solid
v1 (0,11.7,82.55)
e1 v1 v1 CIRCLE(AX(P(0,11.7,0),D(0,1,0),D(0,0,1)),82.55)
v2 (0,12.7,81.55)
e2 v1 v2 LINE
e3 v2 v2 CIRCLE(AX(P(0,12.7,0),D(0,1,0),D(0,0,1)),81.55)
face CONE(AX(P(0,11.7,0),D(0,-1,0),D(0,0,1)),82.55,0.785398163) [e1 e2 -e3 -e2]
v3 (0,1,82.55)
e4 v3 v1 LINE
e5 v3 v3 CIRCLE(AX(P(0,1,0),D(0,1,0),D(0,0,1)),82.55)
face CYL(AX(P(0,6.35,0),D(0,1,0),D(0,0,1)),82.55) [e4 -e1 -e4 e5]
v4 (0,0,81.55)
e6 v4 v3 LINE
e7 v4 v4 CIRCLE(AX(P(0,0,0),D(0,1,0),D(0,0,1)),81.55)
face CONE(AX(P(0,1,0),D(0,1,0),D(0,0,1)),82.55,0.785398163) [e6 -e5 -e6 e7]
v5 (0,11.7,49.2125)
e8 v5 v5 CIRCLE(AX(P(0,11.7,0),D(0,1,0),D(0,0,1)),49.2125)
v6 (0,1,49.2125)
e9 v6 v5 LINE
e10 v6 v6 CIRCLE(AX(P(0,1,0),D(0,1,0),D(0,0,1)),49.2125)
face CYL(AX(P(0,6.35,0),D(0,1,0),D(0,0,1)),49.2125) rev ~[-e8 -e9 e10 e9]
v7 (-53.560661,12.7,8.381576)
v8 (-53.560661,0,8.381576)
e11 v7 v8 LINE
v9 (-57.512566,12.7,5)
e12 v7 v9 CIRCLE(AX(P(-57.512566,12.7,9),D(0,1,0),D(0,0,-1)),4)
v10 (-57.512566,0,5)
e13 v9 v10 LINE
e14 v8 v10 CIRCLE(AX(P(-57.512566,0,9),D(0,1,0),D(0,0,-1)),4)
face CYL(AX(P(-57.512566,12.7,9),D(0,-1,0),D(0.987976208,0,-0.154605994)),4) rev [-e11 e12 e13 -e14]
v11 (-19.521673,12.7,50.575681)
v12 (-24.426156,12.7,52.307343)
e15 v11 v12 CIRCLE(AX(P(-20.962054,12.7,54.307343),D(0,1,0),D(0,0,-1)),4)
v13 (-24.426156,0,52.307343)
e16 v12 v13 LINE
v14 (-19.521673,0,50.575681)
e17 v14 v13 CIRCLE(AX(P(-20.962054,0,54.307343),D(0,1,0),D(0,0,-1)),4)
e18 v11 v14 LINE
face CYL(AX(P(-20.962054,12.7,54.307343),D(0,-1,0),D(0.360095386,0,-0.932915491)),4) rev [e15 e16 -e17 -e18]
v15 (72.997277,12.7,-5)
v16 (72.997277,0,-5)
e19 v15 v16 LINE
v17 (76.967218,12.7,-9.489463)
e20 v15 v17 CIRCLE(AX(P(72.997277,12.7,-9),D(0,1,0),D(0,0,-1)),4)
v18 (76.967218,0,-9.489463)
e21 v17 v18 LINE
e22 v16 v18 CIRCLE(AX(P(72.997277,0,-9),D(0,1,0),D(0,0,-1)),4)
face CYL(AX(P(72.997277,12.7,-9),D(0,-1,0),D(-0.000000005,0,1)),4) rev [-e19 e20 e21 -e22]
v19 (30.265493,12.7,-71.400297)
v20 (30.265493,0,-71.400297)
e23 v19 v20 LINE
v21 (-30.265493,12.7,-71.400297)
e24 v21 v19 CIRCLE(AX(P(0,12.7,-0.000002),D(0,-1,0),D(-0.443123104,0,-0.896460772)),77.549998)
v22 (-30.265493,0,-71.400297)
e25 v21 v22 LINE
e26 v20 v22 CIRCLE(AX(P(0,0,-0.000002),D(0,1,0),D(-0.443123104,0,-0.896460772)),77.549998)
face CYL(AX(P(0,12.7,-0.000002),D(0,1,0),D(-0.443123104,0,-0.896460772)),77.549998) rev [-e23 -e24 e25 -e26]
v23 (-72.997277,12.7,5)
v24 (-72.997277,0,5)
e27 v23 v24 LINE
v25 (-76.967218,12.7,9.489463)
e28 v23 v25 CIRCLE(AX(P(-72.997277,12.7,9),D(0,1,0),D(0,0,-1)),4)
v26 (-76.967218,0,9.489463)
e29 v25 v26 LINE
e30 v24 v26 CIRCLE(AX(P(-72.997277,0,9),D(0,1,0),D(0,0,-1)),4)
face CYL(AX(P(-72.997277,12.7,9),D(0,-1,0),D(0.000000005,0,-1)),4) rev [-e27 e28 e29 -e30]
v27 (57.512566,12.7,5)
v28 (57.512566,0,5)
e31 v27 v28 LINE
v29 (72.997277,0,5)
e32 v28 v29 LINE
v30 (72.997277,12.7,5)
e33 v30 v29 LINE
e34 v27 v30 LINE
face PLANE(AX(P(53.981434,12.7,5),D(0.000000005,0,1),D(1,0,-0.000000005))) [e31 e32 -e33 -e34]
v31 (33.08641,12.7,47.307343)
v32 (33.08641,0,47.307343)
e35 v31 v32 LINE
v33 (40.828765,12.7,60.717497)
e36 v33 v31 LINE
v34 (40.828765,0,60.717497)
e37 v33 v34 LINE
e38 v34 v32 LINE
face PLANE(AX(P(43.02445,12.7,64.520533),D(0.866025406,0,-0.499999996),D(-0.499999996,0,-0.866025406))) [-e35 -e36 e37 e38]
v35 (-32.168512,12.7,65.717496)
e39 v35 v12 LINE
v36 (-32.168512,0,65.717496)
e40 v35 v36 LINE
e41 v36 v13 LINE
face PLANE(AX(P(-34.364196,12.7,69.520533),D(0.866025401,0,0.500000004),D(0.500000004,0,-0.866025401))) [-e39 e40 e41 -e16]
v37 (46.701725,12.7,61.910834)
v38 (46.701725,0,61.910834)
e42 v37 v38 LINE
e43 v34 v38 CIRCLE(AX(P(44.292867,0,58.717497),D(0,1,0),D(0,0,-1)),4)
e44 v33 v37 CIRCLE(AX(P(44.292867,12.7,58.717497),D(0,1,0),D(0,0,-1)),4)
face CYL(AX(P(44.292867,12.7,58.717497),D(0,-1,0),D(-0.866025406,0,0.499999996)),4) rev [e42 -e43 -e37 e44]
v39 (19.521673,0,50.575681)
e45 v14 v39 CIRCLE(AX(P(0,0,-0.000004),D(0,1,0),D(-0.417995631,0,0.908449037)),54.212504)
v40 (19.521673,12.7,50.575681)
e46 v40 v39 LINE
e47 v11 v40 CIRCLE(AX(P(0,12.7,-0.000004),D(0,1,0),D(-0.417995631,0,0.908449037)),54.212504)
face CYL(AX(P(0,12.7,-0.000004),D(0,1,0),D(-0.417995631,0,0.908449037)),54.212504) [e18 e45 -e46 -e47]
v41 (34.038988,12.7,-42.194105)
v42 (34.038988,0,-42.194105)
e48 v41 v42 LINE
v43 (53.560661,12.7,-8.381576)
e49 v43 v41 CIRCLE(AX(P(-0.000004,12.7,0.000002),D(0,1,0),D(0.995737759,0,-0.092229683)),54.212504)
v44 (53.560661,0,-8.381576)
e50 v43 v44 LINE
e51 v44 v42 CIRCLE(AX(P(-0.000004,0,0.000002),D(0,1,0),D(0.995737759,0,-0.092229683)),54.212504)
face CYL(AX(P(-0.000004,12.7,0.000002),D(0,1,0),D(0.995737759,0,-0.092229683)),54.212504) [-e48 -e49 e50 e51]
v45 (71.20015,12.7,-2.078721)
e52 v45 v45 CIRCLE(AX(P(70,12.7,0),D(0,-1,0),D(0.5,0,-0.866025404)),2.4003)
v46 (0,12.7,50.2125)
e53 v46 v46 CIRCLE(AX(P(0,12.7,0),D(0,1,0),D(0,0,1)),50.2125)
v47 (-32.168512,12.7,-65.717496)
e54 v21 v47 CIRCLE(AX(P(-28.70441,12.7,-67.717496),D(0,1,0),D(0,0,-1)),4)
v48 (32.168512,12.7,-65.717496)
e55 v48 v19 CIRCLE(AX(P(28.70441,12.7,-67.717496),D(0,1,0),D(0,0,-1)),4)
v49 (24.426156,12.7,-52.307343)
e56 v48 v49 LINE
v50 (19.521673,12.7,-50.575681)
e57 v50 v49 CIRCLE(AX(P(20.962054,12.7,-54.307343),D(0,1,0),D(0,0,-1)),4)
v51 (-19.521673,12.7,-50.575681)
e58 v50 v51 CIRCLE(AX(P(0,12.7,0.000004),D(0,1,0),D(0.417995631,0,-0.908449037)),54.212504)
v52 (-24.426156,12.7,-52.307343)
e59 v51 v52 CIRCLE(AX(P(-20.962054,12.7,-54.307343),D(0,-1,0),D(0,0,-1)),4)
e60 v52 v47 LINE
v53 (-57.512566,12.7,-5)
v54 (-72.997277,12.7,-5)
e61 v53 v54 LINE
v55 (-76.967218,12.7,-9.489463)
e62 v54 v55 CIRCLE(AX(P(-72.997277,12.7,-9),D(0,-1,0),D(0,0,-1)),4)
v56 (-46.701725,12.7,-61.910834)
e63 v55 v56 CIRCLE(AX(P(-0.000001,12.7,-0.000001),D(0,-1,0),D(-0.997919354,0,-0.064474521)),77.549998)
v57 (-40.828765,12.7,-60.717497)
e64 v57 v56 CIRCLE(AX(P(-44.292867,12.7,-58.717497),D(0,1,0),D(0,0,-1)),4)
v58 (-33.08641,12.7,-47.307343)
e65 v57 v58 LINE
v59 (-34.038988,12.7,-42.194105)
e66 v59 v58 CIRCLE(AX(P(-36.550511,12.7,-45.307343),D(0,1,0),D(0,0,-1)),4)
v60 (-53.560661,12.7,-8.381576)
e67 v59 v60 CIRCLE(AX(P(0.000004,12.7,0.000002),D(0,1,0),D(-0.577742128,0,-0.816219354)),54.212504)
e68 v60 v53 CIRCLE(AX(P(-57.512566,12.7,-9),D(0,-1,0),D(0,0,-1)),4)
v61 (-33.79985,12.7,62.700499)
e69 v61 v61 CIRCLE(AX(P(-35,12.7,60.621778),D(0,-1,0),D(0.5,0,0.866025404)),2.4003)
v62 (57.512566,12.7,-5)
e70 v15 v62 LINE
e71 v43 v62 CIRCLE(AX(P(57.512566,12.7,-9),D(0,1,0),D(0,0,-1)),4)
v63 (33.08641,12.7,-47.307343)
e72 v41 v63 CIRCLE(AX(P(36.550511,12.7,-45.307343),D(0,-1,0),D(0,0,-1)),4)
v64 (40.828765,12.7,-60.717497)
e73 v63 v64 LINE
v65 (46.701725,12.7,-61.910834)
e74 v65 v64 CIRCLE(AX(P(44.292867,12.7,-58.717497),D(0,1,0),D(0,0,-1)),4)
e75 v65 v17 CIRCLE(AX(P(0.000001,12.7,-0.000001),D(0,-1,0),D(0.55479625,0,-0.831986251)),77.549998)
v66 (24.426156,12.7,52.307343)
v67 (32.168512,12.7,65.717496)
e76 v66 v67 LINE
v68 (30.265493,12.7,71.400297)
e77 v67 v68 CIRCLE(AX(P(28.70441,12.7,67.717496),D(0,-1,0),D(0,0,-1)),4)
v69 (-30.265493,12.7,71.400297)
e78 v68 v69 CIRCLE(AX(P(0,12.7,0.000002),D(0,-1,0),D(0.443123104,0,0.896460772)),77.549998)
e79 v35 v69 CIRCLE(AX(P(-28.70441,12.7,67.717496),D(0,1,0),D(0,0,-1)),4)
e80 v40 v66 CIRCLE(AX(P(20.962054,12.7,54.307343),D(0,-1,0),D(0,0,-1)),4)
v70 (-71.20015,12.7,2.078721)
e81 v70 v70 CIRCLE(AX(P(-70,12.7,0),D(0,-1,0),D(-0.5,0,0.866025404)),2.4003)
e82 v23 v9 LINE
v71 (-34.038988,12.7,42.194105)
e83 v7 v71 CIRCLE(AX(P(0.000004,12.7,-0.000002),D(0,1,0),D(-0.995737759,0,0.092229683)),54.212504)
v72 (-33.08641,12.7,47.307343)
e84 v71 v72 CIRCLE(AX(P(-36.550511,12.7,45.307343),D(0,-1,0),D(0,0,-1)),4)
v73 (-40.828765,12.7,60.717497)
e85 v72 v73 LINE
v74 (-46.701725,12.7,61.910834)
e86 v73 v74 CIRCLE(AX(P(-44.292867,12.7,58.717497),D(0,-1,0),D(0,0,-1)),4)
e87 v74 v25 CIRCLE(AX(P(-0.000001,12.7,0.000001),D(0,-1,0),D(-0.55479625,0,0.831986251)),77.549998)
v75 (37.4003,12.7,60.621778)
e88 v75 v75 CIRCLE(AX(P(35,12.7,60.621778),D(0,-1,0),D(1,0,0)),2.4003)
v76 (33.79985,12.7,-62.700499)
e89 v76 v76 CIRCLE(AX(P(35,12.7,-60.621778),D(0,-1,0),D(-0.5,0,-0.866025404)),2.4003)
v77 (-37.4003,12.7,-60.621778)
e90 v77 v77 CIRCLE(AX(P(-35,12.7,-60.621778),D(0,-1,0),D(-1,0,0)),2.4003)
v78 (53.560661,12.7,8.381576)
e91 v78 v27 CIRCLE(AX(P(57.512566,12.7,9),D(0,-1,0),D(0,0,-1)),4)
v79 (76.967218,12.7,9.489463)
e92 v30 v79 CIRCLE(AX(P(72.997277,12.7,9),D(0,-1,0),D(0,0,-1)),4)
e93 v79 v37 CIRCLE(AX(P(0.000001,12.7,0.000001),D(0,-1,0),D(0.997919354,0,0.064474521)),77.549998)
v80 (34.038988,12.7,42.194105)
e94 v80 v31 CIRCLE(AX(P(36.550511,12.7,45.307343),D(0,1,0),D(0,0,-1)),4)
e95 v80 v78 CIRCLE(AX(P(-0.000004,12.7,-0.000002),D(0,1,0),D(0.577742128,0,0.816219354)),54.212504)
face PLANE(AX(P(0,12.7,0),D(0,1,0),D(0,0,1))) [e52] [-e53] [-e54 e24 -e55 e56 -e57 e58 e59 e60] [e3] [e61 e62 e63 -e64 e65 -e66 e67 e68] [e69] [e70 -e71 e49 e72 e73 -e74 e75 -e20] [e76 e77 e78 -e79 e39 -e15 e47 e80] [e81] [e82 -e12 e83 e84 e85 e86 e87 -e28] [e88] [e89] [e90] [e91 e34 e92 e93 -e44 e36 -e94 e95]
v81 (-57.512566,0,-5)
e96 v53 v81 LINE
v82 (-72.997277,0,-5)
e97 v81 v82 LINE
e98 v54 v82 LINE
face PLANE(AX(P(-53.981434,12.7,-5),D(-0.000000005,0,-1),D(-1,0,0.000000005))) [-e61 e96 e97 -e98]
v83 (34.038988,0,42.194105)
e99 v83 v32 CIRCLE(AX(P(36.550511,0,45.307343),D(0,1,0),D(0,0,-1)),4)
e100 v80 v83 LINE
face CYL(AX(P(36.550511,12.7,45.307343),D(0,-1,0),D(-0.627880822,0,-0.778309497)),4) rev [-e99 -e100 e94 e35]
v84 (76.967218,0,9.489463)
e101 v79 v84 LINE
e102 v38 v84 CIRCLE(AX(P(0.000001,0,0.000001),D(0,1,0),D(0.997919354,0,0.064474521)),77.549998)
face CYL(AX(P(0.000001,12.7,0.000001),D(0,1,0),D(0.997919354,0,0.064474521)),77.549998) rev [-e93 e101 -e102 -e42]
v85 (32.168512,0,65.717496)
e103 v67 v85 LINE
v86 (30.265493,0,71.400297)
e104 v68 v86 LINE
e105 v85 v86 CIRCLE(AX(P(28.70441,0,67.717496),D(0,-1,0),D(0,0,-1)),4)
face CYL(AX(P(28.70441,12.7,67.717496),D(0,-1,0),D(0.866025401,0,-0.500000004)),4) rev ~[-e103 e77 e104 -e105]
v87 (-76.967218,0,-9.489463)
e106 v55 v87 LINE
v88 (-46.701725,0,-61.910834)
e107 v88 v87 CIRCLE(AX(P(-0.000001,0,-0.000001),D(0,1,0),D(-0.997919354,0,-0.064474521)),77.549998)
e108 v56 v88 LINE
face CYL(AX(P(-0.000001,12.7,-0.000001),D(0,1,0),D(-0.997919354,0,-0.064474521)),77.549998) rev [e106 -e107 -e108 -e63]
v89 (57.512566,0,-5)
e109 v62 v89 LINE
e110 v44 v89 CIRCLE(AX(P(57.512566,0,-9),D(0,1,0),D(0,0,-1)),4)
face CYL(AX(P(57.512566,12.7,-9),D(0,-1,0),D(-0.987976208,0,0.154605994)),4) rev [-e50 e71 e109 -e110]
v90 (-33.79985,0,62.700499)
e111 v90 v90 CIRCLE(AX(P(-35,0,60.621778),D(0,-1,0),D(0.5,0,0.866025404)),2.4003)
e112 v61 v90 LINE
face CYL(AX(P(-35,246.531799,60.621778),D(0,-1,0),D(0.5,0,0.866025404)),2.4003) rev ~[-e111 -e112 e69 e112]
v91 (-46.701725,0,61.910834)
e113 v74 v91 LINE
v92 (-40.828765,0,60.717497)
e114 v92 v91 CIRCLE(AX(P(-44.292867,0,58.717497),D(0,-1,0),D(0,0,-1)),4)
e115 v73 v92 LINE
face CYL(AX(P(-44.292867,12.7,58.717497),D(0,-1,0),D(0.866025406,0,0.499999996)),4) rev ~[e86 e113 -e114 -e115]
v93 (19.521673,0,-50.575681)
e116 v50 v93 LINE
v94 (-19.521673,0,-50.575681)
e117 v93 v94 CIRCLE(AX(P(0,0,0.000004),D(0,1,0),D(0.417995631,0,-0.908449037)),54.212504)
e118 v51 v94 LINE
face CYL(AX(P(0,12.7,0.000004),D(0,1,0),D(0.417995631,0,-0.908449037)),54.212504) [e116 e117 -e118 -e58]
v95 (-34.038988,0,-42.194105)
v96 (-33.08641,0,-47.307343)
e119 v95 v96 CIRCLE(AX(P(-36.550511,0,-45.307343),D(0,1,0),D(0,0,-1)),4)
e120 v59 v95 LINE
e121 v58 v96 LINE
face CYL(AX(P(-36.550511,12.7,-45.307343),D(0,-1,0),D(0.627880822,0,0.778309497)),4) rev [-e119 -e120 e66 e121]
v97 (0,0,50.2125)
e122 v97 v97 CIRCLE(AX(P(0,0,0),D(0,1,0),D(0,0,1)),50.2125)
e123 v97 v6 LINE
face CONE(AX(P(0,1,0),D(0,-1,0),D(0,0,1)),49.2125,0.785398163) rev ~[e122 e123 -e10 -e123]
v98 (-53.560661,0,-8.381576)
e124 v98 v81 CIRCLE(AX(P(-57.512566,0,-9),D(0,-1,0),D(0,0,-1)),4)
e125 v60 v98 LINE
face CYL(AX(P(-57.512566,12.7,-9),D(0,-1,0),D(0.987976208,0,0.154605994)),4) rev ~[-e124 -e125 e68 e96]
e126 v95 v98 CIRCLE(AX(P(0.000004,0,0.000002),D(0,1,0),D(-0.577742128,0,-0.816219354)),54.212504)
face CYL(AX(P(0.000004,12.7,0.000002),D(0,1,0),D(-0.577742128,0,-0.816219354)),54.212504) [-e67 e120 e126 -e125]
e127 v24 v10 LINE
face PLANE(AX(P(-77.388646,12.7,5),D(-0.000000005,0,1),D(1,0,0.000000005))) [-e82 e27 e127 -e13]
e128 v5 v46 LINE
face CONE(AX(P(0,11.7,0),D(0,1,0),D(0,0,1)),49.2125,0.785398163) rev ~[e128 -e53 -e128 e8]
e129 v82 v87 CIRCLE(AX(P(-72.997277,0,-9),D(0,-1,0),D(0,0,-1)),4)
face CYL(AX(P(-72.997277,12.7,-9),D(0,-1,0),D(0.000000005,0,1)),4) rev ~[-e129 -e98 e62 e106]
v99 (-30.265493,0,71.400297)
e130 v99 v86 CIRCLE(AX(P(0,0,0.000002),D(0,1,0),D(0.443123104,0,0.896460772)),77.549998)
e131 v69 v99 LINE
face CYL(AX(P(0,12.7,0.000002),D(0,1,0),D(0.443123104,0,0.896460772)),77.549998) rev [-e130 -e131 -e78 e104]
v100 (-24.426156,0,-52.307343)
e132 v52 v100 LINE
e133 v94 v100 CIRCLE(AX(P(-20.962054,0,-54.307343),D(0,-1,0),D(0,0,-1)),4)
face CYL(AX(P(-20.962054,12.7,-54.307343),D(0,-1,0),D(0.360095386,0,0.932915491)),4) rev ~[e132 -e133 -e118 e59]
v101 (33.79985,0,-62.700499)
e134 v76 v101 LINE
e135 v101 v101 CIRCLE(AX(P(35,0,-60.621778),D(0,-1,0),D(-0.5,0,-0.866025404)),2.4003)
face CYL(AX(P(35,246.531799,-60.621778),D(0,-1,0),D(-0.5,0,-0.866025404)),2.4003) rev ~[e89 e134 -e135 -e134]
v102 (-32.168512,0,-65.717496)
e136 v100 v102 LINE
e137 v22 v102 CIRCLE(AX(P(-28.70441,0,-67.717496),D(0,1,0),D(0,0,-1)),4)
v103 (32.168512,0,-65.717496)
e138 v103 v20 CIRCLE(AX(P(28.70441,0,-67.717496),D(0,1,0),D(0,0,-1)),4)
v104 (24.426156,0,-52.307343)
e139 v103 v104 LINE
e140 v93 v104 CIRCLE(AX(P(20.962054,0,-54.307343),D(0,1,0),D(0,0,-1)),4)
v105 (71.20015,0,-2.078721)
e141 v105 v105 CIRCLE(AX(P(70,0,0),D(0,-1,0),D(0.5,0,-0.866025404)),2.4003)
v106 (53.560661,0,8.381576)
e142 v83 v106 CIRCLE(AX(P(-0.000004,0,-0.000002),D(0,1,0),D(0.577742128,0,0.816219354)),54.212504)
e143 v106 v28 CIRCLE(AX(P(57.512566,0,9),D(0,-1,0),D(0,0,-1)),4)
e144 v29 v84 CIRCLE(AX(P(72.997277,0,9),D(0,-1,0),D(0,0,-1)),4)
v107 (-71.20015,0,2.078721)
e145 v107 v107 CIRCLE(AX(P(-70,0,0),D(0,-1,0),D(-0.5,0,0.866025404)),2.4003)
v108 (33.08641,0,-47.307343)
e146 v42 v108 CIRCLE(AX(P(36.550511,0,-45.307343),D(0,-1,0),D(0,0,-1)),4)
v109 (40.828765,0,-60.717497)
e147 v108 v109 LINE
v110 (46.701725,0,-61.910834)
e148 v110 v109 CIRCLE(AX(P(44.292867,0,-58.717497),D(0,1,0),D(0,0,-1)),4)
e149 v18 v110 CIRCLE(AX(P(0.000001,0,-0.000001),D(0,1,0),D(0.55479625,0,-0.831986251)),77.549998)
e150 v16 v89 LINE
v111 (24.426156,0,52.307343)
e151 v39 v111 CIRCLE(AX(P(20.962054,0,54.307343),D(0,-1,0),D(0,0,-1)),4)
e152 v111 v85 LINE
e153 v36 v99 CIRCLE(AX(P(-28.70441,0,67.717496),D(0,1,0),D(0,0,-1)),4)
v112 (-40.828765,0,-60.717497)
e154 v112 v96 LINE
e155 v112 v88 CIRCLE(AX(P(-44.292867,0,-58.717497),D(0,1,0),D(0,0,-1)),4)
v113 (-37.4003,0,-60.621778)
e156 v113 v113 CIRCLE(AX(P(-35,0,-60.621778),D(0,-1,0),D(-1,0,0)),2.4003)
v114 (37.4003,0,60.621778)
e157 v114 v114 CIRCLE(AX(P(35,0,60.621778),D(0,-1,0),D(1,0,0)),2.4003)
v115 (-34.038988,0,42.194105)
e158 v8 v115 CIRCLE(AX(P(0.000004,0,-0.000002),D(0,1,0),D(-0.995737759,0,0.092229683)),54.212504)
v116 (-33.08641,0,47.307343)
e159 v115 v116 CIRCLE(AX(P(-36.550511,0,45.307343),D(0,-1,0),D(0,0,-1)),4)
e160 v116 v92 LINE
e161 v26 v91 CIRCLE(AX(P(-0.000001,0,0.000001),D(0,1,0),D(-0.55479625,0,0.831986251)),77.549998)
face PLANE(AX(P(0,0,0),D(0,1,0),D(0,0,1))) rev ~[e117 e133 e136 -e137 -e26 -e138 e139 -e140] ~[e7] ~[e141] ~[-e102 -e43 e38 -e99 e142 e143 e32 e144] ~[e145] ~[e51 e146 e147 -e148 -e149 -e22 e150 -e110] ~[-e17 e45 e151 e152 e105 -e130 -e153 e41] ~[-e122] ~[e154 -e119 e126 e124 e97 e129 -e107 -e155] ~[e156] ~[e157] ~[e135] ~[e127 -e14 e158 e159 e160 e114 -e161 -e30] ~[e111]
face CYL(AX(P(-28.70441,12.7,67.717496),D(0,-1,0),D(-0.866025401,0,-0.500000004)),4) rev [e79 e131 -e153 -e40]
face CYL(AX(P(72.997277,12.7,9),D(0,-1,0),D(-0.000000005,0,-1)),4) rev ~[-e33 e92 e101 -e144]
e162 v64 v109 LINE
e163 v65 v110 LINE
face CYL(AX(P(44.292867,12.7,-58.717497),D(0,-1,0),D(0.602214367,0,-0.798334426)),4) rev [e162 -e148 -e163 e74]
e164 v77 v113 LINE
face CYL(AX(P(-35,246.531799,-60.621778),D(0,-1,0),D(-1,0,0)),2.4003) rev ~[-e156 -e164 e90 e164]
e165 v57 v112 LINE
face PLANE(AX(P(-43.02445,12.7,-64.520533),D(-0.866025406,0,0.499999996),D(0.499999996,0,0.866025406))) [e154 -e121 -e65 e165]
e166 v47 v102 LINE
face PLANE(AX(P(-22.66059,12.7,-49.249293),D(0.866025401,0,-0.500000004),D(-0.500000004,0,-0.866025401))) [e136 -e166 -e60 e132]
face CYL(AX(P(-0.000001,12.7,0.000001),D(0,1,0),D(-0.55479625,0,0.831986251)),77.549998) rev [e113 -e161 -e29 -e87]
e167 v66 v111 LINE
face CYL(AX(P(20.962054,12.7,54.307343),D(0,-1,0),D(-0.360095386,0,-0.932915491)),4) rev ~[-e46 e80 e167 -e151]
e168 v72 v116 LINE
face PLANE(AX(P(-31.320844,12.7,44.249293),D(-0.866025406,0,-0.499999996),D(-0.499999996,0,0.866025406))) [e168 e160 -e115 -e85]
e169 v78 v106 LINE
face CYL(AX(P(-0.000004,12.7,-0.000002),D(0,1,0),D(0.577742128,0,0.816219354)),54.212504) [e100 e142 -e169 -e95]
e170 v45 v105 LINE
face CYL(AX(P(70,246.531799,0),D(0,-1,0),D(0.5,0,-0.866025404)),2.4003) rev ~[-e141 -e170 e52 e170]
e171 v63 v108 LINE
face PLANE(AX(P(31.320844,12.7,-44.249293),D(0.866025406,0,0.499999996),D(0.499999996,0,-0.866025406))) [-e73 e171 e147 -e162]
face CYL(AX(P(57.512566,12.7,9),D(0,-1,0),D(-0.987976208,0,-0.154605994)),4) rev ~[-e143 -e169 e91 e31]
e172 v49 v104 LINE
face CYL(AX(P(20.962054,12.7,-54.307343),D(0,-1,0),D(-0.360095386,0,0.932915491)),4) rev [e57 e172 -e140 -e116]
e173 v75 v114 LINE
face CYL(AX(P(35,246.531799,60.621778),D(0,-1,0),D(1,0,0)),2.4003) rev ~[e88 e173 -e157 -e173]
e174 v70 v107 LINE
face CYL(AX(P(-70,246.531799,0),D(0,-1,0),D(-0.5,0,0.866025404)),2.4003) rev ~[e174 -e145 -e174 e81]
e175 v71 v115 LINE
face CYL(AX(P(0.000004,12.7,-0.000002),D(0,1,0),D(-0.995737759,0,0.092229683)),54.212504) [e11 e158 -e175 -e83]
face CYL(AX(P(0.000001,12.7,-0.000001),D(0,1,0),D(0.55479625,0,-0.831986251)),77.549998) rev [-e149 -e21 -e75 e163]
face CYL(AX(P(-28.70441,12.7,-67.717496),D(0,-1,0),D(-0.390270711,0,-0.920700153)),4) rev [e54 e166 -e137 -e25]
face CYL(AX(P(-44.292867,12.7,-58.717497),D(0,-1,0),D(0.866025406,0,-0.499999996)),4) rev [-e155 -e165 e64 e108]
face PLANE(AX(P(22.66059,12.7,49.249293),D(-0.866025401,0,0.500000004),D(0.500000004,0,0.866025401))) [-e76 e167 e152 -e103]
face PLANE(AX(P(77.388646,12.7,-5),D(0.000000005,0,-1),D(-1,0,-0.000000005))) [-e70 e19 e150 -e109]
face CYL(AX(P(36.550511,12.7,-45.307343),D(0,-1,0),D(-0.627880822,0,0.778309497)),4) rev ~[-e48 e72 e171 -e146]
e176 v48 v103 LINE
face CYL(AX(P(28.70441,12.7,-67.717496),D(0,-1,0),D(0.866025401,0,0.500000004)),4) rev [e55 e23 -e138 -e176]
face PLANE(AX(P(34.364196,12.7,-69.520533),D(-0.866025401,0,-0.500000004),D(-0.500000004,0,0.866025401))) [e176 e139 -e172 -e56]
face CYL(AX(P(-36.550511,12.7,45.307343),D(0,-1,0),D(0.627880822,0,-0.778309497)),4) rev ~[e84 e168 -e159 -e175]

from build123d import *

# Parameters (mm, degrees)
SKETCH2_W                   = 33.3375
SKETCH2_H                   = 12.7
F_12_0_189_DIAMETER_HOLE1_D = 4.8006
CIRPATTERN3_COUNT           = 6
CUT_EXTRUDE1_DEPTH          = 13.7
FILLET1_R                   = 4
CIRPATTERN4_COUNT           = 6
FILLET1_OF_CIRPATTERN4_R    = 4
CHAMFER1_SIZE               = 1
CHAMFER2_SIZE               = 1


with BuildPart() as part:
    # Sketch2 → Revolve1 (revolve)
    with BuildSketch(Plane(origin=(0, 0, 0), x_dir=(0, 0, -1), z_dir=(1, 0, 0))):
        with Locations((-65.88125, 6.35)):
            Rectangle(SKETCH2_W, SKETCH2_H)
    revolve(axis=Axis((0, -0.635, 0), (0, 1, 0)))

    # #12 (0.189) Diameter Hole1 (through all)
    with Locations(Plane(origin=(0, 12.7, 0), x_dir=(1, 0, 0), z_dir=(0, 1, 0))):
        with Locations((-35, 60.621778)):
            f_12_0_189_diameter_hole1 = Hole(F_12_0_189_DIAMETER_HOLE1_D / 2)

    # CirPattern3: #12 (0.189) Diameter Hole1 ×6 about axis
    cirpattern3_axis = Axis((0, 0, 0), (0, 1, 0))
    for i in range(1, CIRPATTERN3_COUNT):
        add(f_12_0_189_diameter_hole1.rotate(cirpattern3_axis, i * 360 / CIRPATTERN3_COUNT), mode=Mode.SUBTRACT)

    # Sketch8 → Cut-Extrude1 (cut, through all)
    with BuildSketch(Plane(origin=(0, 12.7, 0), x_dir=(1, 0, 0), z_dir=(0, 1, 0))):
        with BuildLine():
            Line((-22.66059, 49.249293), (-34.364196, 69.520533))
            ThreePointArc((-34.364196, 69.520533), (0, 77.55), (34.364196, 69.520533))
            Line((34.364196, 69.520533), (22.66059, 49.249293))
            ThreePointArc((22.66059, 49.249293), (0, 54.2125), (-22.66059, 49.249293))
        make_face()
    cut_extrude1 = extrude(amount=-CUT_EXTRUDE1_DEPTH, mode=Mode.SUBTRACT)

    # Fillet1
    fillet1_edges = [part.edges().sort_by_distance(p)[0] for p in [
        (22.66059, 6.35, -49.249293),
        (-22.66059, 6.35, -49.249293),
        (-34.364196, 6.35, -69.520533),
        (34.364196, 6.35, -69.520533),
    ]]
    fillet(fillet1_edges, radius=FILLET1_R)

    # CirPattern4: Cut-Extrude1 ×6 about axis
    cirpattern4_axis = Axis((0, 0, 0), (0, 1, 0))
    for i in range(1, CIRPATTERN4_COUNT):
        add(cut_extrude1.rotate(cirpattern4_axis, i * 360 / CIRPATTERN4_COUNT), mode=Mode.SUBTRACT)

    # Fillet1 of CirPattern4
    fillet1_of_cirpattern4_edges = [part.edges().sort_by_distance(p)[0] for p in [
        (-31.320844, 6.35, -44.249293),
        (-53.981433, 6.35, -5),
        (-77.388646, 6.35, -5),
        (-43.02445, 6.35, -64.520533),
        (-53.981433, 6.35, 5),
        (-31.320844, 6.35, 44.249293),
        (-43.02445, 6.35, 64.520533),
        (-77.388646, 6.35, 5),
        (-22.66059, 6.35, 49.249293),
        (22.66059, 6.35, 49.249293),
        (34.364196, 6.35, 69.520533),
        (-34.364196, 6.35, 69.520533),
        (31.320844, 6.35, 44.249293),
        (53.981433, 6.35, 5),
        (77.388646, 6.35, 5),
        (43.02445, 6.35, 64.520533),
        (53.981433, 6.35, -5),
        (31.320844, 6.35, -44.249293),
        (43.02445, 6.35, -64.520533),
        (77.388646, 6.35, -5),
    ]]
    fillet(fillet1_of_cirpattern4_edges, radius=FILLET1_OF_CIRPATTERN4_R)

    # Chamfer1
    chamfer1_edges = [part.edges().sort_by_distance(p)[0] for p in [
        (0, 12.7, -49.2125),
        (0, 0, -49.2125),
    ]]
    chamfer(chamfer1_edges, length=CHAMFER1_SIZE)

    # Chamfer2
    chamfer2_edges = [part.edges().sort_by_distance(p)[0] for p in [
        (0, 12.7, -82.55),
        (0, 0, -82.55),
    ]]
    chamfer(chamfer2_edges, length=CHAMFER2_SIZE)


solid = part.part
